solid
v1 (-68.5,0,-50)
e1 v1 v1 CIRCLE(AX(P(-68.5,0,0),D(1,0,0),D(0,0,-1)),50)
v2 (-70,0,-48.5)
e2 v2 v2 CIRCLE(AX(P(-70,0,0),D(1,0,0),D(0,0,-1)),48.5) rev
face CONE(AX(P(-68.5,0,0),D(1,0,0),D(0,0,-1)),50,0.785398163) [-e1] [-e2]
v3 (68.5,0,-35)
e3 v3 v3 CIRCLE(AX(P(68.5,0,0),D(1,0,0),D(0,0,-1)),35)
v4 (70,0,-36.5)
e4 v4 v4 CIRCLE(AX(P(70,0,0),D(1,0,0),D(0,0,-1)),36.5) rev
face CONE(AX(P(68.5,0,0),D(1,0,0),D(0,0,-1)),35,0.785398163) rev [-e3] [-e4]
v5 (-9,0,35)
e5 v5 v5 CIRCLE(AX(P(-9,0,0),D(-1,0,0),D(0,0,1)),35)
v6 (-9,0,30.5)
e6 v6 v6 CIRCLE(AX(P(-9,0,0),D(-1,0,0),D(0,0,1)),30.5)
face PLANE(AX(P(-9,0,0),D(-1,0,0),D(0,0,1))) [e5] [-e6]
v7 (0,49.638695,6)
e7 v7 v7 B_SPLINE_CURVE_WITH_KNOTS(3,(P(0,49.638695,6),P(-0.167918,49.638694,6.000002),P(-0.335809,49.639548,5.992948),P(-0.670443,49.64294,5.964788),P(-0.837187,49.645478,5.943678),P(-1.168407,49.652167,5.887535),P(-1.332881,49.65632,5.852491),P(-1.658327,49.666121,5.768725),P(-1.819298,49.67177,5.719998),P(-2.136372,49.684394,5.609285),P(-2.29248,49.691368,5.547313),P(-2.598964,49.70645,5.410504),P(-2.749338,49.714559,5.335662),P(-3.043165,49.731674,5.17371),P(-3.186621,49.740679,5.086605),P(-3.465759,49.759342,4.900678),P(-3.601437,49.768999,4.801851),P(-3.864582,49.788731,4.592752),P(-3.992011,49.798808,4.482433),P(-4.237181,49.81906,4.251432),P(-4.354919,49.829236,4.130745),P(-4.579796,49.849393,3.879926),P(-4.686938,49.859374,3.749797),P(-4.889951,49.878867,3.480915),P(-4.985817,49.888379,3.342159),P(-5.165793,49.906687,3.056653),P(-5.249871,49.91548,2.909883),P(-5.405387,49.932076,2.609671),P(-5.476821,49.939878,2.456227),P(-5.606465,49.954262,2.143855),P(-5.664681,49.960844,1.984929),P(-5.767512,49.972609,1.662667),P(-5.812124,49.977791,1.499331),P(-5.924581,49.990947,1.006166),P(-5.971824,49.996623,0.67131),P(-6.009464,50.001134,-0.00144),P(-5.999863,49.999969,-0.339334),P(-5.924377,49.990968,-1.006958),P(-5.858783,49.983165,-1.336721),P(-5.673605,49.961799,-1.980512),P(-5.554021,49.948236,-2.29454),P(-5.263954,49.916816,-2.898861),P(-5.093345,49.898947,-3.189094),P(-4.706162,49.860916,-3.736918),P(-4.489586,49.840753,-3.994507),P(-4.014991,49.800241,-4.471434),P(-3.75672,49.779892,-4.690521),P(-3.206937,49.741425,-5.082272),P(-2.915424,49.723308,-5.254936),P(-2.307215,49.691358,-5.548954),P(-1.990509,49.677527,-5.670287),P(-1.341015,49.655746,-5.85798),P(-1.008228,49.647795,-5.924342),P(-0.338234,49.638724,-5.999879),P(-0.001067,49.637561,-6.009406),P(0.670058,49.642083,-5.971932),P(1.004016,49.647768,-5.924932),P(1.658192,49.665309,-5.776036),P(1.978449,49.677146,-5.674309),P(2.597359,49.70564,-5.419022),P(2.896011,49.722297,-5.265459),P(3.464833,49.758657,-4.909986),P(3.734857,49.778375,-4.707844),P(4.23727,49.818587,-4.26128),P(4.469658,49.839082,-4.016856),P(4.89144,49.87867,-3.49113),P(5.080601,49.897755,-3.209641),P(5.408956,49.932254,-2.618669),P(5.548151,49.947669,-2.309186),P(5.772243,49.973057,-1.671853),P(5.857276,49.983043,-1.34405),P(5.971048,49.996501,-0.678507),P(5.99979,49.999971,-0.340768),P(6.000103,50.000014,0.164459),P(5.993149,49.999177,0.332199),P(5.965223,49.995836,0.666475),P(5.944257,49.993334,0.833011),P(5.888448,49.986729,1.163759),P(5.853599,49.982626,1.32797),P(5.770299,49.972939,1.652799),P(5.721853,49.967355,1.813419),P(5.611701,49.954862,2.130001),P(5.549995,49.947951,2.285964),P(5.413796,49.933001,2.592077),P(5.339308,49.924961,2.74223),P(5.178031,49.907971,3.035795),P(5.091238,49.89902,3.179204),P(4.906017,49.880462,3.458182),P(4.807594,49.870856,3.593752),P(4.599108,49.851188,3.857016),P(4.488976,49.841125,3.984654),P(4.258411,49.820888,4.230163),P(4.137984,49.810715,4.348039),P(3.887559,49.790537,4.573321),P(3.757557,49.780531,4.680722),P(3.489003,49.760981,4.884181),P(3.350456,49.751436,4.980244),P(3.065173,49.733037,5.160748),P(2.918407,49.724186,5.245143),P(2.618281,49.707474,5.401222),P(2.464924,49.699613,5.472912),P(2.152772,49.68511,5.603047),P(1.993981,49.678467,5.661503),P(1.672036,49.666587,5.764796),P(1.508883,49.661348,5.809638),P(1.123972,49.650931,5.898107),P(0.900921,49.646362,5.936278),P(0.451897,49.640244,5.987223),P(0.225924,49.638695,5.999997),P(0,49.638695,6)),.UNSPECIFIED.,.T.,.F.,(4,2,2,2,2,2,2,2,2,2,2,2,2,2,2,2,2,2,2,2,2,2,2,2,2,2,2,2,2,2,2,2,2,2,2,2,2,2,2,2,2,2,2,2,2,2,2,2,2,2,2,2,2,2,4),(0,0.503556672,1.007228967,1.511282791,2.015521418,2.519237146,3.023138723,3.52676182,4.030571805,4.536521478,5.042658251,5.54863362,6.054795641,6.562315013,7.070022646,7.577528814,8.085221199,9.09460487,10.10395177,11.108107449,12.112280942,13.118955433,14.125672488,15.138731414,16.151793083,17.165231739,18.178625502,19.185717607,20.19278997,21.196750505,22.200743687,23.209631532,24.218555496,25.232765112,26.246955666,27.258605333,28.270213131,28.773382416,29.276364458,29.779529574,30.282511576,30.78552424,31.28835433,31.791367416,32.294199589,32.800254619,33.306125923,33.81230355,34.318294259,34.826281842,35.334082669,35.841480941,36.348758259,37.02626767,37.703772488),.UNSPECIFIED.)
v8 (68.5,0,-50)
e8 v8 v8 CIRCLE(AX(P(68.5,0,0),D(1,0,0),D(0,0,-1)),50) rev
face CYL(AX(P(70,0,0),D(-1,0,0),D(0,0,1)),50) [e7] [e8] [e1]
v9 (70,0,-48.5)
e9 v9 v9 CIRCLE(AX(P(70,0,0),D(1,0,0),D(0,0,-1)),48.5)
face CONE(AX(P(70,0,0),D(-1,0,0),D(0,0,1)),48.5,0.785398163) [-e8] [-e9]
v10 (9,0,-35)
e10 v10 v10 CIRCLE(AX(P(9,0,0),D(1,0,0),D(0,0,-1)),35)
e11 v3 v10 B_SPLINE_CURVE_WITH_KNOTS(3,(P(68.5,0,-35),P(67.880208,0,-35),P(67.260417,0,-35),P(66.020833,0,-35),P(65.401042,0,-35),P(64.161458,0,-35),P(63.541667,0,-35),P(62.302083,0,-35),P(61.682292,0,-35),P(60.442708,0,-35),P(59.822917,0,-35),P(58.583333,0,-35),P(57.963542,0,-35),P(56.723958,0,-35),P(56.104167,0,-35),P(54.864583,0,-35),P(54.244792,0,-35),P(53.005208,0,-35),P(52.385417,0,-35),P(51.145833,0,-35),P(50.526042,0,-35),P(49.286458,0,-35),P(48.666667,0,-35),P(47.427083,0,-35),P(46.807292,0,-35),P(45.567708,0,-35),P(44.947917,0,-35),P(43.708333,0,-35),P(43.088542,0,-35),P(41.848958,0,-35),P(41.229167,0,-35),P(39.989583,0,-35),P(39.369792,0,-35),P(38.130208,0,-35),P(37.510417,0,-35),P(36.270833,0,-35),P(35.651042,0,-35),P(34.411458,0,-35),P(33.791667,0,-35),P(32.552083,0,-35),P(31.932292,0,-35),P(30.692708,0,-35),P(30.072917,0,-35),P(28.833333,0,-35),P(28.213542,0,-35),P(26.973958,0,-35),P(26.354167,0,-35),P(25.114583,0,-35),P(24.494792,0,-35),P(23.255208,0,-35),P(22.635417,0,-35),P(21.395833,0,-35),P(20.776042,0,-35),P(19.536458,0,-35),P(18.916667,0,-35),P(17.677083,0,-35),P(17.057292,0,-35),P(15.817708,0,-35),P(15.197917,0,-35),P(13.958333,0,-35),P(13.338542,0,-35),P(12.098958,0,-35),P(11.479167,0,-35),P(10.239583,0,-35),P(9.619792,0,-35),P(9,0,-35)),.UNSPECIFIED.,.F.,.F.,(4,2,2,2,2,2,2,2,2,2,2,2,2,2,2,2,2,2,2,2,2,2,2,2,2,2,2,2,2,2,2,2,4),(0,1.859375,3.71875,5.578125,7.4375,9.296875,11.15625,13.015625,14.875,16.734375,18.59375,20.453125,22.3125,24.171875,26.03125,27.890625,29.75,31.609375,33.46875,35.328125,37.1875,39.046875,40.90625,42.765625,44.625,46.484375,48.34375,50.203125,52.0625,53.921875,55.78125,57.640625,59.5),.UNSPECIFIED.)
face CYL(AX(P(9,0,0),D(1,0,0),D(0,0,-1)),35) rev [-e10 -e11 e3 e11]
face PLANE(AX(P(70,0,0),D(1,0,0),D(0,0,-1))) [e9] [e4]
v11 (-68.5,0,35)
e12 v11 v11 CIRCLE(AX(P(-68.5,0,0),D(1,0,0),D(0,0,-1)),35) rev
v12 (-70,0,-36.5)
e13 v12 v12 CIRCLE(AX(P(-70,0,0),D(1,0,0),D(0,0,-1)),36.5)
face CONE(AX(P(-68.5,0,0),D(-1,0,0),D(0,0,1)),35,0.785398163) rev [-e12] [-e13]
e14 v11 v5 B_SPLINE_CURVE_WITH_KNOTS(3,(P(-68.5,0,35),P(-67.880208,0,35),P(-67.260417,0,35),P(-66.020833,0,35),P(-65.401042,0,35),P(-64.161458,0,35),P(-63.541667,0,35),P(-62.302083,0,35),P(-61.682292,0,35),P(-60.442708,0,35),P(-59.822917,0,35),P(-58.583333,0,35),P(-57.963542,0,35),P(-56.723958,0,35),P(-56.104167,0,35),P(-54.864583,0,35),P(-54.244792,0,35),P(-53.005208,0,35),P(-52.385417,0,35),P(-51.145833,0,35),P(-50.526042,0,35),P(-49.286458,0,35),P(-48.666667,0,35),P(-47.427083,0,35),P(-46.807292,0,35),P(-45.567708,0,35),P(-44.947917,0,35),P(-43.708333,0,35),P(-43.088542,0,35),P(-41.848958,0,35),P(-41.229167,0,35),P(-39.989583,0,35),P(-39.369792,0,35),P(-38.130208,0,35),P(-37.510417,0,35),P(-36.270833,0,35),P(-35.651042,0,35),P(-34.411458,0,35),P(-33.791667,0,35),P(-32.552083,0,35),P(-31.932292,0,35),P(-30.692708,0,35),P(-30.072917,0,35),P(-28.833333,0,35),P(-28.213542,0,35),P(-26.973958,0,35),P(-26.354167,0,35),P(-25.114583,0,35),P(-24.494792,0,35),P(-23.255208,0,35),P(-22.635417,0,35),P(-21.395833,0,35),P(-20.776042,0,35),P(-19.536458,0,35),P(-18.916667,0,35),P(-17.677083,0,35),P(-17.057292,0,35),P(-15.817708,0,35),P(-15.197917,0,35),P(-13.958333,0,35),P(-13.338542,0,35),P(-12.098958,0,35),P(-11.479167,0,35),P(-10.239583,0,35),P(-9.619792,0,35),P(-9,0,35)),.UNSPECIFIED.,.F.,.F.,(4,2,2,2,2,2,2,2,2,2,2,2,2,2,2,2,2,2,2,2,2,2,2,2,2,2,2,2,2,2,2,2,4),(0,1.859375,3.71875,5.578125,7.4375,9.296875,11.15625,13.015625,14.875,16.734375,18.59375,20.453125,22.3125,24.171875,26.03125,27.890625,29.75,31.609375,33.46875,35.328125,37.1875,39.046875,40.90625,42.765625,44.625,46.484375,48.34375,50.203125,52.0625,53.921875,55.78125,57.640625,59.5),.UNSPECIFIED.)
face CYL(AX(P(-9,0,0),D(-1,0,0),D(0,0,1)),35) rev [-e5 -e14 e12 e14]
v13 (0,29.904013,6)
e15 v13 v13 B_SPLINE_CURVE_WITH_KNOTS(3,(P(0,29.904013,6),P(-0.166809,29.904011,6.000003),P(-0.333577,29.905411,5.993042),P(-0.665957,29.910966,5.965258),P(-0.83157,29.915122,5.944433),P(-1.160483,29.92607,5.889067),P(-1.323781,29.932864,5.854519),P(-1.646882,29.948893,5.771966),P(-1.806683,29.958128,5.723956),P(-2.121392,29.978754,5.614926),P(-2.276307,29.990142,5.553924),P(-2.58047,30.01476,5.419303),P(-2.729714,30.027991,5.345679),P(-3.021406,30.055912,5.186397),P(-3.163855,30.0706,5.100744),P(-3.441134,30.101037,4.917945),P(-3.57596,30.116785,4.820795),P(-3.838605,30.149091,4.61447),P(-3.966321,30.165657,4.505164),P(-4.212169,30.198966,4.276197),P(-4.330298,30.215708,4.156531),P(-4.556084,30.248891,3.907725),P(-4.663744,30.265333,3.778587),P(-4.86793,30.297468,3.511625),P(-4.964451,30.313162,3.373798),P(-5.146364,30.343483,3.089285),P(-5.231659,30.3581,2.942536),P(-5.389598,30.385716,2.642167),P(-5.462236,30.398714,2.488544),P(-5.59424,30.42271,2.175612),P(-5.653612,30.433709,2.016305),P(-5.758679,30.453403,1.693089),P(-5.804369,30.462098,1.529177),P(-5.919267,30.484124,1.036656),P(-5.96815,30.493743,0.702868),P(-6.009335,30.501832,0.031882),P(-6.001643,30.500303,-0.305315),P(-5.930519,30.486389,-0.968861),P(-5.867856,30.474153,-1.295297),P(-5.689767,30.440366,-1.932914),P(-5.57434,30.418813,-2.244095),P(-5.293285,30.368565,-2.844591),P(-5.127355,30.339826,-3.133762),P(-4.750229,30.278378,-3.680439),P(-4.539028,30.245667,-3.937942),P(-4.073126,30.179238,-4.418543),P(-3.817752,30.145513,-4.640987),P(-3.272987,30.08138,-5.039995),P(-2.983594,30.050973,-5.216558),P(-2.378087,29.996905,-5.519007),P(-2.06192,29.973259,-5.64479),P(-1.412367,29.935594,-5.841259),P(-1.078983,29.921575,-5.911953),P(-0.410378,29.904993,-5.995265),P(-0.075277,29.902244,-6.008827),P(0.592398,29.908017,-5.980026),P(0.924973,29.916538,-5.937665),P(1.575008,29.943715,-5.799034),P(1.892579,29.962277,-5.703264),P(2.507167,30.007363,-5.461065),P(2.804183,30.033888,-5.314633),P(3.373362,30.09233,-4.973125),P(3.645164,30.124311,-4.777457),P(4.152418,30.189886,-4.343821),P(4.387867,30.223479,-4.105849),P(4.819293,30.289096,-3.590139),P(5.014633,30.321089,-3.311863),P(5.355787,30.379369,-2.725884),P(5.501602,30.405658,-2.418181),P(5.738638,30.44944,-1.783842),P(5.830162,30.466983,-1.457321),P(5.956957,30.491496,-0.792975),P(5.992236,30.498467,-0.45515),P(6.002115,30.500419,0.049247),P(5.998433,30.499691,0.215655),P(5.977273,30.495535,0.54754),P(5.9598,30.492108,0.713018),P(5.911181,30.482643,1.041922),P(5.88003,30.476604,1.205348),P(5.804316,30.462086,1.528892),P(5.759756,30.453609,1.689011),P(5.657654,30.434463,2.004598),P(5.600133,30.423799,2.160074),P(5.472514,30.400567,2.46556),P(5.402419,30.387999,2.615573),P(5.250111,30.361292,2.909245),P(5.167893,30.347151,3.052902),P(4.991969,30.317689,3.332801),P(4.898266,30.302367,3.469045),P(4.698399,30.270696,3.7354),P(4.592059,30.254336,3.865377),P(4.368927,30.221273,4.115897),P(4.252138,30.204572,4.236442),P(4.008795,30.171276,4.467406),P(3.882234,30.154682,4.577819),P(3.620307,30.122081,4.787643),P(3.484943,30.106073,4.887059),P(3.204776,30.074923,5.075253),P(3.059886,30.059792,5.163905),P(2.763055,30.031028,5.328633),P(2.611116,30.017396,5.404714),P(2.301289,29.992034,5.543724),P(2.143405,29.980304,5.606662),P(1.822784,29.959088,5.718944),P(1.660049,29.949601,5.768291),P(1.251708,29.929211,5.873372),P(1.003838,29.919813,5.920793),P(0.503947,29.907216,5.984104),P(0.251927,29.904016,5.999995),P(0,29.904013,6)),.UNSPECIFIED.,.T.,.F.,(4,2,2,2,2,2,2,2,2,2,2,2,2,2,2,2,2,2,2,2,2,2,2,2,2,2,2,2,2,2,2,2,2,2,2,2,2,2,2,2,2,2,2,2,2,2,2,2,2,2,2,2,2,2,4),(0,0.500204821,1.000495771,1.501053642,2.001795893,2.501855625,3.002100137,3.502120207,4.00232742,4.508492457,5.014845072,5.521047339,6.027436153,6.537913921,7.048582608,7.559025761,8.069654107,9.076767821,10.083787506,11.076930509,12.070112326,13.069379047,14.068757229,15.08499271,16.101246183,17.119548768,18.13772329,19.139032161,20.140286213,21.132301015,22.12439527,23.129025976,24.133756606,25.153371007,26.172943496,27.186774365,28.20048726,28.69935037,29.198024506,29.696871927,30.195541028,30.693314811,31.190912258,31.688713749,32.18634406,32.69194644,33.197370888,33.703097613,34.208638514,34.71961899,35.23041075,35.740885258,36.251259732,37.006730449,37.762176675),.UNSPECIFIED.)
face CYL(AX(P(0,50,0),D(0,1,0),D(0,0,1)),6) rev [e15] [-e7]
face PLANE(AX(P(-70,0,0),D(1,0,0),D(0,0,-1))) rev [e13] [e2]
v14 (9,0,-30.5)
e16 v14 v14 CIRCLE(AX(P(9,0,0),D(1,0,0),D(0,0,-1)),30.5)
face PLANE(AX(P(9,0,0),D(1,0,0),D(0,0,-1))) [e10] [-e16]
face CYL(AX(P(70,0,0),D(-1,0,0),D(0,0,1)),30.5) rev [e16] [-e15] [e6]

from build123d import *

# Parameters (mm, degrees)
SKETCH_1_R              = 50
SKETCH_1_R_2            = 30.5
EXTRUDE_1_DEPTH         = 70
SKETCH_4_R              = 35
CUT_EXTRUDE_1_DEPTH     = 61
CUT_EXTRUDE_START       = -61
SKETCH_5_R              = 35
CUT_EXTRUDE_2_DEPTH     = 61
CHAMFER_1_SIZE          = 1.5
HOLE_WIZARD_M14_1_D     = 12
HOLE_WIZARD_M14_1_DEPTH = 38
HOLE_WIZARD_M14_1_TIP   = 3.605163714


with BuildPart() as part:
    # 草图1 → 凸台-拉伸1 (new, symmetric)
    with BuildSketch(Plane(origin=(0, 0, 0), x_dir=(0, 0, -1), z_dir=(1, 0, 0))):
        Circle(SKETCH_1_R)
        Circle(SKETCH_1_R_2, mode=Mode.SUBTRACT)
    extrude(amount=EXTRUDE_1_DEPTH, both=True)

    # 草图4 → 切除-拉伸1 (cut)
    with BuildSketch(Plane.ZY.offset(70)):
        Circle(SKETCH_4_R)
    extrude(amount=-CUT_EXTRUDE_1_DEPTH, mode=Mode.SUBTRACT)

    # 草图5 → 切除-拉伸2 (cut)
    with BuildSketch(Plane(origin=(70, 0, 0), x_dir=(0, 0, -1), z_dir=(1, 0, 0)).offset(CUT_EXTRUDE_START)):
        with Locations(Location((0, 0, 0), (0, 0, 180))):
            Circle(SKETCH_5_R)
    extrude(amount=CUT_EXTRUDE_2_DEPTH, mode=Mode.SUBTRACT)

    # 倒角1
    chamfer_1_edges = [part.edges().sort_by_distance(p)[0] for p in [
        (-70, 0, -35),
        (70, 0, -35),
        (-70, 0, 50),
        (70, 0, 50),
    ]]
    chamfer(chamfer_1_edges, length=CHAMFER_1_SIZE)

    # M14 螺纹孔1
    with Locations(Plane(origin=(0, 50, 0), x_dir=(1, 0, 0), z_dir=(0, 1, 0))):
        with Locations((0, 0)):
            Hole(HOLE_WIZARD_M14_1_D / 2, depth=HOLE_WIZARD_M14_1_DEPTH)
            with Locations((0, 0, -(HOLE_WIZARD_M14_1_DEPTH + HOLE_WIZARD_M14_1_TIP / 2))):  # 118° drill point
                Cone(0, HOLE_WIZARD_M14_1_D / 2, HOLE_WIZARD_M14_1_TIP, mode=Mode.SUBTRACT)


solid = part.part
